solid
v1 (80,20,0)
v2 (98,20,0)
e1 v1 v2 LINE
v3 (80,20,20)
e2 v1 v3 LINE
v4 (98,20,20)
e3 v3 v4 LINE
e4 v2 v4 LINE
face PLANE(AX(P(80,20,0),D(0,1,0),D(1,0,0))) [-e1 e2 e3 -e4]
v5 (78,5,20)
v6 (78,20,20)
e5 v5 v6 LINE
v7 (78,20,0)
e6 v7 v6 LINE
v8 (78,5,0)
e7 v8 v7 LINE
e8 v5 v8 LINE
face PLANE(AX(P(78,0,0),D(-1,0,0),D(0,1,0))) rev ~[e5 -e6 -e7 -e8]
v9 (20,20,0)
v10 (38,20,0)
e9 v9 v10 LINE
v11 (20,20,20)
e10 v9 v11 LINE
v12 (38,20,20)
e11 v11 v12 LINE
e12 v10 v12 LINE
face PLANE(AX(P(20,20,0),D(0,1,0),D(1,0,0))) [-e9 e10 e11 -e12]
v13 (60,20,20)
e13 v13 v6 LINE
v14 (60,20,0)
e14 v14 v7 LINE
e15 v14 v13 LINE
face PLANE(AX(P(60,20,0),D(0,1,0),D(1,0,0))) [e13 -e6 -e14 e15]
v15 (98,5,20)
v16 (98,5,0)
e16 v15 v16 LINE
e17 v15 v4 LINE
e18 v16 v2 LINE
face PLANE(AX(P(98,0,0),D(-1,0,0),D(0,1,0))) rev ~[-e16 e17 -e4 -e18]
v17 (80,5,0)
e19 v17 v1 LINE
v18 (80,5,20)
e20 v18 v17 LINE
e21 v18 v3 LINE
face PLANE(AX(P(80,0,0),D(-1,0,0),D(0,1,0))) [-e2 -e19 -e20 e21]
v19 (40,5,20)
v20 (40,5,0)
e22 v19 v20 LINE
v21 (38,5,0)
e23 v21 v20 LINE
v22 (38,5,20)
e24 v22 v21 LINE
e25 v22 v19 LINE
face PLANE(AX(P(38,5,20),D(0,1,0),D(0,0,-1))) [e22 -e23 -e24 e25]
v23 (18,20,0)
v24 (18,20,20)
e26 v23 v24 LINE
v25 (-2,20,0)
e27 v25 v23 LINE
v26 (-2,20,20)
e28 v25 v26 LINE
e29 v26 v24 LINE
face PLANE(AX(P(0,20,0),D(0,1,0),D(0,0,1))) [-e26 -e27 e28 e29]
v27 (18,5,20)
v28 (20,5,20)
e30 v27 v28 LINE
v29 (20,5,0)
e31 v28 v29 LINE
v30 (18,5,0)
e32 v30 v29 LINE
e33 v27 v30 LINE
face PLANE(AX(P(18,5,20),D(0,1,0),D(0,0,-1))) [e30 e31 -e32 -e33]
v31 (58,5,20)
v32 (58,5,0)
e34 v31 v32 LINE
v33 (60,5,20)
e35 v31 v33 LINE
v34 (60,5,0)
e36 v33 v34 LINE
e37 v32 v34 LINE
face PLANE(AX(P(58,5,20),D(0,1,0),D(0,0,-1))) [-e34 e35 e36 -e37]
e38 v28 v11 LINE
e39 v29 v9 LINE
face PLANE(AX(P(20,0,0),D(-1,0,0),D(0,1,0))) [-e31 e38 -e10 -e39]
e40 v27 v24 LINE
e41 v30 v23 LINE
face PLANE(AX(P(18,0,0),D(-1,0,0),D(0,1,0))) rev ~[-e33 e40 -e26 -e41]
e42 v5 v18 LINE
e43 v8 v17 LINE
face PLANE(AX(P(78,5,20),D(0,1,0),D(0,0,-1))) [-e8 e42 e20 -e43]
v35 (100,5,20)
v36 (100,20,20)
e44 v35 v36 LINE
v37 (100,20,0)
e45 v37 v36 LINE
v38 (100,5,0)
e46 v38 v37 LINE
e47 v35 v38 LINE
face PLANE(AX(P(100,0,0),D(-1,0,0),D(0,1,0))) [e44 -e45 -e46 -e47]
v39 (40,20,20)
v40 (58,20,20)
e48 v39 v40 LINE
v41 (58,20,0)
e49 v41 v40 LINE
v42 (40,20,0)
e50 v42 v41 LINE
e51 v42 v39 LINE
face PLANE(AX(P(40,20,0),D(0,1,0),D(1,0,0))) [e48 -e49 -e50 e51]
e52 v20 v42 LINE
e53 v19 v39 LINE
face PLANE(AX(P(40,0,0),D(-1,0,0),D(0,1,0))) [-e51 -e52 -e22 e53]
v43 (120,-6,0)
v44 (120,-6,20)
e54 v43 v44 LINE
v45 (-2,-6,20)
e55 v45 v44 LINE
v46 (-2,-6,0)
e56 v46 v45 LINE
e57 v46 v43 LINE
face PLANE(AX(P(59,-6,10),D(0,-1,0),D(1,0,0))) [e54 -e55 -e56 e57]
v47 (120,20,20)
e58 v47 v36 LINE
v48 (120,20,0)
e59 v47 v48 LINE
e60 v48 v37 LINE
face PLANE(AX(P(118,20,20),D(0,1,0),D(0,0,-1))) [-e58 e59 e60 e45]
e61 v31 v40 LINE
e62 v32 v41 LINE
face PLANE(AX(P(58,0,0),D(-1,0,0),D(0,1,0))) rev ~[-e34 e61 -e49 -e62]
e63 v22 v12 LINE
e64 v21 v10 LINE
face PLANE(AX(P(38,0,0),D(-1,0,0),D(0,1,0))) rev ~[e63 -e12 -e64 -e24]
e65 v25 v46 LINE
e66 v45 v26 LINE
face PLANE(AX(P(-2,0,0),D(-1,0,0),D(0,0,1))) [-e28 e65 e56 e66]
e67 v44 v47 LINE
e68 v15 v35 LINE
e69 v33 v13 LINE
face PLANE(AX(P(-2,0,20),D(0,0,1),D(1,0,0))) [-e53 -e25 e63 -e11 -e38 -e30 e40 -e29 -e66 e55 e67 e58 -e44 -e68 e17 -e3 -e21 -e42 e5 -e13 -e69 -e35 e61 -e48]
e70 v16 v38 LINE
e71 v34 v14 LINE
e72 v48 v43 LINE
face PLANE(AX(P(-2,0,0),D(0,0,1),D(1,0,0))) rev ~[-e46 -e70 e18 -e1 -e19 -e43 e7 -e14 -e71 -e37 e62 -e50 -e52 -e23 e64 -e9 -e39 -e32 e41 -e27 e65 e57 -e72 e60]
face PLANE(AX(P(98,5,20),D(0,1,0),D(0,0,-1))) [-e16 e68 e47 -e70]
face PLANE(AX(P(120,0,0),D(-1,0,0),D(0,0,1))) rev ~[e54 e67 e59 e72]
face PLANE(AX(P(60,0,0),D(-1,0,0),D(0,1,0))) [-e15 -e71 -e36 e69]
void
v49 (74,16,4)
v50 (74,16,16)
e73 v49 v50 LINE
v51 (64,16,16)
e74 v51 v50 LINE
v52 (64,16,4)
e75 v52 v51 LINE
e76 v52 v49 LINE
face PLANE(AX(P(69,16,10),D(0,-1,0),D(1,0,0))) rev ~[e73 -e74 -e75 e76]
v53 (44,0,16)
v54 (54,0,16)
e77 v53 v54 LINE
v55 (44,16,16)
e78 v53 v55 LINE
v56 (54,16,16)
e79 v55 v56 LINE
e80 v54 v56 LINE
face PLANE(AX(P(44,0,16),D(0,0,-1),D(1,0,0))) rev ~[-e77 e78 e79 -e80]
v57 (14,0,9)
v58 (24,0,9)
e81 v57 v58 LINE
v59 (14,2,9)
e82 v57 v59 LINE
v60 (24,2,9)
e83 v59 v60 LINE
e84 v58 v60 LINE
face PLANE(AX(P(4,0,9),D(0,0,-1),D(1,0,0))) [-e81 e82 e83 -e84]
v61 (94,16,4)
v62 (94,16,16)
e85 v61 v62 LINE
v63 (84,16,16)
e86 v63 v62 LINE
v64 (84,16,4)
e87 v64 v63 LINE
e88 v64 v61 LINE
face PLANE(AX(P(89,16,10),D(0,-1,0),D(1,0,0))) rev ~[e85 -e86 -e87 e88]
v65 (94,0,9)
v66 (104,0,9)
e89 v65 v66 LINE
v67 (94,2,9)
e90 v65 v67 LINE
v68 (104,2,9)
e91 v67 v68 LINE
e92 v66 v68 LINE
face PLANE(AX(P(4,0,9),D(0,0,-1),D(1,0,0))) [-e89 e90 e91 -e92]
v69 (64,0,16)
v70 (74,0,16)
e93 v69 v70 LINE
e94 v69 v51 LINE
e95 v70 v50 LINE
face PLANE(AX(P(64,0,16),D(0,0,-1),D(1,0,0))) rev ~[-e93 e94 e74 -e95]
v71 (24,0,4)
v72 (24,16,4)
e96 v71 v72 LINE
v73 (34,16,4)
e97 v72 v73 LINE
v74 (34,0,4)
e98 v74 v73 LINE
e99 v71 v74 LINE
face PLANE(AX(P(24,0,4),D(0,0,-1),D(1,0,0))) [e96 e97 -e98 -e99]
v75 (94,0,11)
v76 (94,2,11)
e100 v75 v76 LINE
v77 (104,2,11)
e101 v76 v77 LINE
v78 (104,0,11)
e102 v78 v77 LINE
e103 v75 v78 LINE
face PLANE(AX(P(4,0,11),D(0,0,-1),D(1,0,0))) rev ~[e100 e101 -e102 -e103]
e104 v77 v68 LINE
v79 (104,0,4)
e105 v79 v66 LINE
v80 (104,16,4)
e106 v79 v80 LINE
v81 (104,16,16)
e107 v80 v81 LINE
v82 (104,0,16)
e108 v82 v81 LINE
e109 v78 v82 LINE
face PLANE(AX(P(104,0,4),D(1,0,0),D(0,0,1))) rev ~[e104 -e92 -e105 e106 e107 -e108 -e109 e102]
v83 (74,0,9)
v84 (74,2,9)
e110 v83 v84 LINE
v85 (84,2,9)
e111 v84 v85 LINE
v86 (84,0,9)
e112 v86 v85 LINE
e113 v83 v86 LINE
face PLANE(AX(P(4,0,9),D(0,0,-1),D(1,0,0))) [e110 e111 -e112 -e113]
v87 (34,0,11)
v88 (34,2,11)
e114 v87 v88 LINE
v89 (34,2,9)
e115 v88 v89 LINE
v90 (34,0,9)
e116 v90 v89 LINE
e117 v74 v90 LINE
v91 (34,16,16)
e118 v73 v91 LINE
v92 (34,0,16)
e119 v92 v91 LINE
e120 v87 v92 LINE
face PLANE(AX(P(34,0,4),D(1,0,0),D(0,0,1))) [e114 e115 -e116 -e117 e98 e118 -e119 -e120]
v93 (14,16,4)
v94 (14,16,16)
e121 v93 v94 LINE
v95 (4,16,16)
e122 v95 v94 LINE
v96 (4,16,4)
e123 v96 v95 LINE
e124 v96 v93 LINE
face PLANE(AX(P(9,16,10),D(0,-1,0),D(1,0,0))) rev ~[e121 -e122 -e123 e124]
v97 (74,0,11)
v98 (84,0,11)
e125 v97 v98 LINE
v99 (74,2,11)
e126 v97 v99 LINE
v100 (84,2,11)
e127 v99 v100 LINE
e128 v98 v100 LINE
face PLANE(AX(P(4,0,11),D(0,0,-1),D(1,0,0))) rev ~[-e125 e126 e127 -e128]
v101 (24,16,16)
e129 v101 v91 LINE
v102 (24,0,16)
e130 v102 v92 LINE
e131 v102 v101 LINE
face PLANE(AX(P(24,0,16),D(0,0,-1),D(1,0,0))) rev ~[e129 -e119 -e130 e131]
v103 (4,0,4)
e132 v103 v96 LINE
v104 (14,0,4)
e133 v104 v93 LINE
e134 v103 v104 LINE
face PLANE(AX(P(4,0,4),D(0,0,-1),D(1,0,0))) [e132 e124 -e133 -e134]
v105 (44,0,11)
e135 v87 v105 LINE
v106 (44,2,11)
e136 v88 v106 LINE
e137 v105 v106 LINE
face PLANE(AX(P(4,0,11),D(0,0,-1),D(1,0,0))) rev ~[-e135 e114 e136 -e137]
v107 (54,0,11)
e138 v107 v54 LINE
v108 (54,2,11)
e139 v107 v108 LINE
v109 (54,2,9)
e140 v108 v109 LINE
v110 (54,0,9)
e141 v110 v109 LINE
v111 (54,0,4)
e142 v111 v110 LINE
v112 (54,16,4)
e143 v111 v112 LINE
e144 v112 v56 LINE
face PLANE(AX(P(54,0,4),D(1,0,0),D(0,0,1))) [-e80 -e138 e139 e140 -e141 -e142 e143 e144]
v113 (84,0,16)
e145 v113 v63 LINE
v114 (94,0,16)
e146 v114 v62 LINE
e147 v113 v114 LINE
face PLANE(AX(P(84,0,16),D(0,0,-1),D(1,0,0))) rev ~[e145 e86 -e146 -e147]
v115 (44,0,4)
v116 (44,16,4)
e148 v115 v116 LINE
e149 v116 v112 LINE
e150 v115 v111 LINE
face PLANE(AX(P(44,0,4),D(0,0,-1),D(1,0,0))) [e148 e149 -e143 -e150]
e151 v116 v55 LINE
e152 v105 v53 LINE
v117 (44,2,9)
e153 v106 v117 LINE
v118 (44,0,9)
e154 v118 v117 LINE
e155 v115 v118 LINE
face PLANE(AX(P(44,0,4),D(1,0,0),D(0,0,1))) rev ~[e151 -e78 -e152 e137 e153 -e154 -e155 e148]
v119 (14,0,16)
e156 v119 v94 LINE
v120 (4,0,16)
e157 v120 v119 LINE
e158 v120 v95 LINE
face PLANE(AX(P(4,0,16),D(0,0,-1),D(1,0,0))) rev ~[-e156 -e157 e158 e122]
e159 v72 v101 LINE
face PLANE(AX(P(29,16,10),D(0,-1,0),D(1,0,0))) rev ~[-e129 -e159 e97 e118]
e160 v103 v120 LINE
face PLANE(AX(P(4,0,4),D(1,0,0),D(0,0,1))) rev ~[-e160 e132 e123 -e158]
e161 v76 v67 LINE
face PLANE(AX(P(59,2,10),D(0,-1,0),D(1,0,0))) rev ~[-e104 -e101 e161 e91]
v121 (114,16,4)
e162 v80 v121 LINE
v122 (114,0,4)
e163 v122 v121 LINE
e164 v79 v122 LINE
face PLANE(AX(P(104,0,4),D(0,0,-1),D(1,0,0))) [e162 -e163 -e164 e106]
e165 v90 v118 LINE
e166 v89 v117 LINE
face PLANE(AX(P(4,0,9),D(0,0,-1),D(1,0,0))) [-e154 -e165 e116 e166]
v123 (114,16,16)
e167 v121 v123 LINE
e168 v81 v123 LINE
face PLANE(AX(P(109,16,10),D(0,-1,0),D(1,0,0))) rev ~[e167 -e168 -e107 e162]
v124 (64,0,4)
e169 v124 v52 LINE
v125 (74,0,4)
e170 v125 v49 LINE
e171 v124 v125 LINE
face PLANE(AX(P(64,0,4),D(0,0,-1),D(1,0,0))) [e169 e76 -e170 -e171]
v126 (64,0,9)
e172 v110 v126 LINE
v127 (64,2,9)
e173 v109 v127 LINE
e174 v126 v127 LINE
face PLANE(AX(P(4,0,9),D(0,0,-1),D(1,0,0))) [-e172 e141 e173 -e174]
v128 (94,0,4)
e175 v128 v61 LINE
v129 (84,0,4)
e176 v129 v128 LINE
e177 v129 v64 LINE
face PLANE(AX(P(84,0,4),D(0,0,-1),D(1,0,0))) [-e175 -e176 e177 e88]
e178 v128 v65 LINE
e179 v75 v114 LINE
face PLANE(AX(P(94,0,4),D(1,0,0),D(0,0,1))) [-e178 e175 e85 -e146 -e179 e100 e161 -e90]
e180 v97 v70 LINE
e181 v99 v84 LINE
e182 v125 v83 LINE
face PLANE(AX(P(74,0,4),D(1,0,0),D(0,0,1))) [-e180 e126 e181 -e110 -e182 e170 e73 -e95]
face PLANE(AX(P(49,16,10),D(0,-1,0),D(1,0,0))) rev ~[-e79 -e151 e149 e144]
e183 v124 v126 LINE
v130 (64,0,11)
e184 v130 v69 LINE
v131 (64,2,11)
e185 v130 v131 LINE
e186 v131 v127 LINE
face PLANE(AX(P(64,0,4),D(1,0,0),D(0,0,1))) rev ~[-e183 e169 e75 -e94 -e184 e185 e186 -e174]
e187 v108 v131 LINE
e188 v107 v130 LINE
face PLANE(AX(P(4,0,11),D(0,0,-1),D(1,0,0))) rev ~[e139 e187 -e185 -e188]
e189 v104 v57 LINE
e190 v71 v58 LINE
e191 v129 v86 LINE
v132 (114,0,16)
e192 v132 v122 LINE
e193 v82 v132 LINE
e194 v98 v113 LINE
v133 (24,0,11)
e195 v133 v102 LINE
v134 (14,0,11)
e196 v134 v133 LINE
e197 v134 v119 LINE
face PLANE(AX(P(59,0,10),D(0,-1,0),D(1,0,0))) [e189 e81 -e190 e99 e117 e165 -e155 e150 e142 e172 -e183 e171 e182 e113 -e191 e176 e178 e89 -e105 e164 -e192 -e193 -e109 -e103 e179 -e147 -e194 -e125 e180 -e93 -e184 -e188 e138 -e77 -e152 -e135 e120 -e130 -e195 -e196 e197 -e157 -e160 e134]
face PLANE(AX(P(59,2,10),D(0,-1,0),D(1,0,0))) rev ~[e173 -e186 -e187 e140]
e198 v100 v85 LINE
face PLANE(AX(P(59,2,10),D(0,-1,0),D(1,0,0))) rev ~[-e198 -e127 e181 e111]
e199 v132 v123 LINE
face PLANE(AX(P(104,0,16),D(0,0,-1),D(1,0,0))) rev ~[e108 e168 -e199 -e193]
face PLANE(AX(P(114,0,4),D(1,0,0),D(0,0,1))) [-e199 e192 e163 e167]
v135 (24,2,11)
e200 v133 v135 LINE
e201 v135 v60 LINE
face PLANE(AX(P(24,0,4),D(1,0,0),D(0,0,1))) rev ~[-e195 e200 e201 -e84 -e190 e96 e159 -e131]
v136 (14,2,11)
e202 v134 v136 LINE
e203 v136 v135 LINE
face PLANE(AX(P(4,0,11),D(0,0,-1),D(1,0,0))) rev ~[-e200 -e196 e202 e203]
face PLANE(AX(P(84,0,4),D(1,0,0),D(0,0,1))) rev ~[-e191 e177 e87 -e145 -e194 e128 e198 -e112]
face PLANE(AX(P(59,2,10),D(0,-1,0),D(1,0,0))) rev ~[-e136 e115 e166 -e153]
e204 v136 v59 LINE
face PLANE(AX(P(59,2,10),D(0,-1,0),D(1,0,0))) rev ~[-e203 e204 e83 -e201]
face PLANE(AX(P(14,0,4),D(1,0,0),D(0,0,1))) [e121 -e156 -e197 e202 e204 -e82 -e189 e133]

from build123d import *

# Parameters (mm, degrees)
SKETCH1_W           = 18
SKETCH1_H           = 20
BOSS_EXTRUDE1_DEPTH = 20
SKETCH2_W           = 10
SKETCH2_H           = 12
CUT_EXTRUDE1_DEPTH  = 16
SKETCH3_W           = 20
SKETCH3_H           = 5
BOSS_EXTRUDE2_DEPTH = 2
LPATTERN1_COUNT     = 6
LPATTERN1_PITCH     = 20
SKETCH4_W           = 20
SKETCH4_H           = 15
BOSS_EXTRUDE3_DEPTH = 2
SKETCH5_W           = 20
SKETCH5_H           = 20
BOSS_EXTRUDE4_DEPTH = 2
SKETCH6_W           = 110
SKETCH6_H           = 2
CUT_EXTRUDE2_DEPTH  = 2
SKETCH7_W           = 122
SKETCH7_H           = 20
BOSS_EXTRUDE5_DEPTH = 6


with BuildPart() as part:
    # Sketch1 → Boss-Extrude1 (new body)
    with BuildSketch(Plane.XY):
        with Locations((9, 10)):
            Rectangle(SKETCH1_W, SKETCH1_H)
    extrude(amount=BOSS_EXTRUDE1_DEPTH)

    # Sketch2 → Cut-Extrude1 (cut)
    with BuildSketch(Plane.XZ):
        with Locations((9, 10)):
            Rectangle(SKETCH2_W, SKETCH2_H)
    extrude(amount=-CUT_EXTRUDE1_DEPTH, mode=Mode.SUBTRACT)

    # Sketch3 → Boss-Extrude2 (add)
    with BuildSketch(Plane(origin=(18, 0, 0), x_dir=(0, 0, -1), z_dir=(1, 0, 0))):
        with Locations((-10, 2.5)):
            Rectangle(SKETCH3_W, SKETCH3_H)
    extrude(amount=BOSS_EXTRUDE2_DEPTH)


with BuildPart() as lpattern1_1:
    # LPattern1: pattern copy
    add(part.part.moved(Location(Vector(1, 0, 0) * (1 * LPATTERN1_PITCH))))


with BuildPart() as lpattern1_2:
    # LPattern1: pattern copy
    add(part.part.moved(Location(Vector(1, 0, 0) * (2 * LPATTERN1_PITCH))))


with BuildPart() as lpattern1_3:
    # LPattern1: pattern copy
    add(part.part.moved(Location(Vector(1, 0, 0) * (3 * LPATTERN1_PITCH))))


with BuildPart() as lpattern1_4:
    # LPattern1: pattern copy
    add(part.part.moved(Location(Vector(1, 0, 0) * (4 * LPATTERN1_PITCH))))


with BuildPart() as lpattern1_5:
    # LPattern1: pattern copy
    add(part.part.moved(Location(Vector(1, 0, 0) * (5 * LPATTERN1_PITCH))))

    # Sketch4 → Boss-Extrude3 (add)
    with BuildSketch(Plane(origin=(118, 0, 0), x_dir=(0, 0, -1), z_dir=(1, 0, 0))):
        with Locations((-10, 12.5)):
            Rectangle(SKETCH4_W, SKETCH4_H)
    extrude(amount=BOSS_EXTRUDE3_DEPTH)


with BuildPart() as part_1:
    add(part.part)

    # Sketch5 → Boss-Extrude4 (add)
    with BuildSketch(Plane.ZY):
        with Locations((10, 10)):
            Rectangle(SKETCH5_W, SKETCH5_H)
    extrude(amount=BOSS_EXTRUDE4_DEPTH)


with BuildPart() as lpattern1_1_1:
    add(lpattern1_1.part)

    # Combine1: union LPattern1_2, LPattern1_3, LPattern1_4, part, LPattern1_5
    add(lpattern1_2.part)
    add(lpattern1_3.part)
    add(lpattern1_4.part)
    add(part_1.part)
    add(lpattern1_5.part)

    # Sketch6 → Cut-Extrude2 (cut)
    with BuildSketch(Plane.XZ):
        with Locations((59, 10)):
            Rectangle(SKETCH6_W, SKETCH6_H)
    extrude(amount=-CUT_EXTRUDE2_DEPTH, mode=Mode.SUBTRACT)

    # Sketch7 → Boss-Extrude5 (add)
    with BuildSketch(Plane.XZ):
        with Locations((59, 10)):
            Rectangle(SKETCH7_W, SKETCH7_H)
    extrude(amount=BOSS_EXTRUDE5_DEPTH)


solid = lpattern1_1_1.part
